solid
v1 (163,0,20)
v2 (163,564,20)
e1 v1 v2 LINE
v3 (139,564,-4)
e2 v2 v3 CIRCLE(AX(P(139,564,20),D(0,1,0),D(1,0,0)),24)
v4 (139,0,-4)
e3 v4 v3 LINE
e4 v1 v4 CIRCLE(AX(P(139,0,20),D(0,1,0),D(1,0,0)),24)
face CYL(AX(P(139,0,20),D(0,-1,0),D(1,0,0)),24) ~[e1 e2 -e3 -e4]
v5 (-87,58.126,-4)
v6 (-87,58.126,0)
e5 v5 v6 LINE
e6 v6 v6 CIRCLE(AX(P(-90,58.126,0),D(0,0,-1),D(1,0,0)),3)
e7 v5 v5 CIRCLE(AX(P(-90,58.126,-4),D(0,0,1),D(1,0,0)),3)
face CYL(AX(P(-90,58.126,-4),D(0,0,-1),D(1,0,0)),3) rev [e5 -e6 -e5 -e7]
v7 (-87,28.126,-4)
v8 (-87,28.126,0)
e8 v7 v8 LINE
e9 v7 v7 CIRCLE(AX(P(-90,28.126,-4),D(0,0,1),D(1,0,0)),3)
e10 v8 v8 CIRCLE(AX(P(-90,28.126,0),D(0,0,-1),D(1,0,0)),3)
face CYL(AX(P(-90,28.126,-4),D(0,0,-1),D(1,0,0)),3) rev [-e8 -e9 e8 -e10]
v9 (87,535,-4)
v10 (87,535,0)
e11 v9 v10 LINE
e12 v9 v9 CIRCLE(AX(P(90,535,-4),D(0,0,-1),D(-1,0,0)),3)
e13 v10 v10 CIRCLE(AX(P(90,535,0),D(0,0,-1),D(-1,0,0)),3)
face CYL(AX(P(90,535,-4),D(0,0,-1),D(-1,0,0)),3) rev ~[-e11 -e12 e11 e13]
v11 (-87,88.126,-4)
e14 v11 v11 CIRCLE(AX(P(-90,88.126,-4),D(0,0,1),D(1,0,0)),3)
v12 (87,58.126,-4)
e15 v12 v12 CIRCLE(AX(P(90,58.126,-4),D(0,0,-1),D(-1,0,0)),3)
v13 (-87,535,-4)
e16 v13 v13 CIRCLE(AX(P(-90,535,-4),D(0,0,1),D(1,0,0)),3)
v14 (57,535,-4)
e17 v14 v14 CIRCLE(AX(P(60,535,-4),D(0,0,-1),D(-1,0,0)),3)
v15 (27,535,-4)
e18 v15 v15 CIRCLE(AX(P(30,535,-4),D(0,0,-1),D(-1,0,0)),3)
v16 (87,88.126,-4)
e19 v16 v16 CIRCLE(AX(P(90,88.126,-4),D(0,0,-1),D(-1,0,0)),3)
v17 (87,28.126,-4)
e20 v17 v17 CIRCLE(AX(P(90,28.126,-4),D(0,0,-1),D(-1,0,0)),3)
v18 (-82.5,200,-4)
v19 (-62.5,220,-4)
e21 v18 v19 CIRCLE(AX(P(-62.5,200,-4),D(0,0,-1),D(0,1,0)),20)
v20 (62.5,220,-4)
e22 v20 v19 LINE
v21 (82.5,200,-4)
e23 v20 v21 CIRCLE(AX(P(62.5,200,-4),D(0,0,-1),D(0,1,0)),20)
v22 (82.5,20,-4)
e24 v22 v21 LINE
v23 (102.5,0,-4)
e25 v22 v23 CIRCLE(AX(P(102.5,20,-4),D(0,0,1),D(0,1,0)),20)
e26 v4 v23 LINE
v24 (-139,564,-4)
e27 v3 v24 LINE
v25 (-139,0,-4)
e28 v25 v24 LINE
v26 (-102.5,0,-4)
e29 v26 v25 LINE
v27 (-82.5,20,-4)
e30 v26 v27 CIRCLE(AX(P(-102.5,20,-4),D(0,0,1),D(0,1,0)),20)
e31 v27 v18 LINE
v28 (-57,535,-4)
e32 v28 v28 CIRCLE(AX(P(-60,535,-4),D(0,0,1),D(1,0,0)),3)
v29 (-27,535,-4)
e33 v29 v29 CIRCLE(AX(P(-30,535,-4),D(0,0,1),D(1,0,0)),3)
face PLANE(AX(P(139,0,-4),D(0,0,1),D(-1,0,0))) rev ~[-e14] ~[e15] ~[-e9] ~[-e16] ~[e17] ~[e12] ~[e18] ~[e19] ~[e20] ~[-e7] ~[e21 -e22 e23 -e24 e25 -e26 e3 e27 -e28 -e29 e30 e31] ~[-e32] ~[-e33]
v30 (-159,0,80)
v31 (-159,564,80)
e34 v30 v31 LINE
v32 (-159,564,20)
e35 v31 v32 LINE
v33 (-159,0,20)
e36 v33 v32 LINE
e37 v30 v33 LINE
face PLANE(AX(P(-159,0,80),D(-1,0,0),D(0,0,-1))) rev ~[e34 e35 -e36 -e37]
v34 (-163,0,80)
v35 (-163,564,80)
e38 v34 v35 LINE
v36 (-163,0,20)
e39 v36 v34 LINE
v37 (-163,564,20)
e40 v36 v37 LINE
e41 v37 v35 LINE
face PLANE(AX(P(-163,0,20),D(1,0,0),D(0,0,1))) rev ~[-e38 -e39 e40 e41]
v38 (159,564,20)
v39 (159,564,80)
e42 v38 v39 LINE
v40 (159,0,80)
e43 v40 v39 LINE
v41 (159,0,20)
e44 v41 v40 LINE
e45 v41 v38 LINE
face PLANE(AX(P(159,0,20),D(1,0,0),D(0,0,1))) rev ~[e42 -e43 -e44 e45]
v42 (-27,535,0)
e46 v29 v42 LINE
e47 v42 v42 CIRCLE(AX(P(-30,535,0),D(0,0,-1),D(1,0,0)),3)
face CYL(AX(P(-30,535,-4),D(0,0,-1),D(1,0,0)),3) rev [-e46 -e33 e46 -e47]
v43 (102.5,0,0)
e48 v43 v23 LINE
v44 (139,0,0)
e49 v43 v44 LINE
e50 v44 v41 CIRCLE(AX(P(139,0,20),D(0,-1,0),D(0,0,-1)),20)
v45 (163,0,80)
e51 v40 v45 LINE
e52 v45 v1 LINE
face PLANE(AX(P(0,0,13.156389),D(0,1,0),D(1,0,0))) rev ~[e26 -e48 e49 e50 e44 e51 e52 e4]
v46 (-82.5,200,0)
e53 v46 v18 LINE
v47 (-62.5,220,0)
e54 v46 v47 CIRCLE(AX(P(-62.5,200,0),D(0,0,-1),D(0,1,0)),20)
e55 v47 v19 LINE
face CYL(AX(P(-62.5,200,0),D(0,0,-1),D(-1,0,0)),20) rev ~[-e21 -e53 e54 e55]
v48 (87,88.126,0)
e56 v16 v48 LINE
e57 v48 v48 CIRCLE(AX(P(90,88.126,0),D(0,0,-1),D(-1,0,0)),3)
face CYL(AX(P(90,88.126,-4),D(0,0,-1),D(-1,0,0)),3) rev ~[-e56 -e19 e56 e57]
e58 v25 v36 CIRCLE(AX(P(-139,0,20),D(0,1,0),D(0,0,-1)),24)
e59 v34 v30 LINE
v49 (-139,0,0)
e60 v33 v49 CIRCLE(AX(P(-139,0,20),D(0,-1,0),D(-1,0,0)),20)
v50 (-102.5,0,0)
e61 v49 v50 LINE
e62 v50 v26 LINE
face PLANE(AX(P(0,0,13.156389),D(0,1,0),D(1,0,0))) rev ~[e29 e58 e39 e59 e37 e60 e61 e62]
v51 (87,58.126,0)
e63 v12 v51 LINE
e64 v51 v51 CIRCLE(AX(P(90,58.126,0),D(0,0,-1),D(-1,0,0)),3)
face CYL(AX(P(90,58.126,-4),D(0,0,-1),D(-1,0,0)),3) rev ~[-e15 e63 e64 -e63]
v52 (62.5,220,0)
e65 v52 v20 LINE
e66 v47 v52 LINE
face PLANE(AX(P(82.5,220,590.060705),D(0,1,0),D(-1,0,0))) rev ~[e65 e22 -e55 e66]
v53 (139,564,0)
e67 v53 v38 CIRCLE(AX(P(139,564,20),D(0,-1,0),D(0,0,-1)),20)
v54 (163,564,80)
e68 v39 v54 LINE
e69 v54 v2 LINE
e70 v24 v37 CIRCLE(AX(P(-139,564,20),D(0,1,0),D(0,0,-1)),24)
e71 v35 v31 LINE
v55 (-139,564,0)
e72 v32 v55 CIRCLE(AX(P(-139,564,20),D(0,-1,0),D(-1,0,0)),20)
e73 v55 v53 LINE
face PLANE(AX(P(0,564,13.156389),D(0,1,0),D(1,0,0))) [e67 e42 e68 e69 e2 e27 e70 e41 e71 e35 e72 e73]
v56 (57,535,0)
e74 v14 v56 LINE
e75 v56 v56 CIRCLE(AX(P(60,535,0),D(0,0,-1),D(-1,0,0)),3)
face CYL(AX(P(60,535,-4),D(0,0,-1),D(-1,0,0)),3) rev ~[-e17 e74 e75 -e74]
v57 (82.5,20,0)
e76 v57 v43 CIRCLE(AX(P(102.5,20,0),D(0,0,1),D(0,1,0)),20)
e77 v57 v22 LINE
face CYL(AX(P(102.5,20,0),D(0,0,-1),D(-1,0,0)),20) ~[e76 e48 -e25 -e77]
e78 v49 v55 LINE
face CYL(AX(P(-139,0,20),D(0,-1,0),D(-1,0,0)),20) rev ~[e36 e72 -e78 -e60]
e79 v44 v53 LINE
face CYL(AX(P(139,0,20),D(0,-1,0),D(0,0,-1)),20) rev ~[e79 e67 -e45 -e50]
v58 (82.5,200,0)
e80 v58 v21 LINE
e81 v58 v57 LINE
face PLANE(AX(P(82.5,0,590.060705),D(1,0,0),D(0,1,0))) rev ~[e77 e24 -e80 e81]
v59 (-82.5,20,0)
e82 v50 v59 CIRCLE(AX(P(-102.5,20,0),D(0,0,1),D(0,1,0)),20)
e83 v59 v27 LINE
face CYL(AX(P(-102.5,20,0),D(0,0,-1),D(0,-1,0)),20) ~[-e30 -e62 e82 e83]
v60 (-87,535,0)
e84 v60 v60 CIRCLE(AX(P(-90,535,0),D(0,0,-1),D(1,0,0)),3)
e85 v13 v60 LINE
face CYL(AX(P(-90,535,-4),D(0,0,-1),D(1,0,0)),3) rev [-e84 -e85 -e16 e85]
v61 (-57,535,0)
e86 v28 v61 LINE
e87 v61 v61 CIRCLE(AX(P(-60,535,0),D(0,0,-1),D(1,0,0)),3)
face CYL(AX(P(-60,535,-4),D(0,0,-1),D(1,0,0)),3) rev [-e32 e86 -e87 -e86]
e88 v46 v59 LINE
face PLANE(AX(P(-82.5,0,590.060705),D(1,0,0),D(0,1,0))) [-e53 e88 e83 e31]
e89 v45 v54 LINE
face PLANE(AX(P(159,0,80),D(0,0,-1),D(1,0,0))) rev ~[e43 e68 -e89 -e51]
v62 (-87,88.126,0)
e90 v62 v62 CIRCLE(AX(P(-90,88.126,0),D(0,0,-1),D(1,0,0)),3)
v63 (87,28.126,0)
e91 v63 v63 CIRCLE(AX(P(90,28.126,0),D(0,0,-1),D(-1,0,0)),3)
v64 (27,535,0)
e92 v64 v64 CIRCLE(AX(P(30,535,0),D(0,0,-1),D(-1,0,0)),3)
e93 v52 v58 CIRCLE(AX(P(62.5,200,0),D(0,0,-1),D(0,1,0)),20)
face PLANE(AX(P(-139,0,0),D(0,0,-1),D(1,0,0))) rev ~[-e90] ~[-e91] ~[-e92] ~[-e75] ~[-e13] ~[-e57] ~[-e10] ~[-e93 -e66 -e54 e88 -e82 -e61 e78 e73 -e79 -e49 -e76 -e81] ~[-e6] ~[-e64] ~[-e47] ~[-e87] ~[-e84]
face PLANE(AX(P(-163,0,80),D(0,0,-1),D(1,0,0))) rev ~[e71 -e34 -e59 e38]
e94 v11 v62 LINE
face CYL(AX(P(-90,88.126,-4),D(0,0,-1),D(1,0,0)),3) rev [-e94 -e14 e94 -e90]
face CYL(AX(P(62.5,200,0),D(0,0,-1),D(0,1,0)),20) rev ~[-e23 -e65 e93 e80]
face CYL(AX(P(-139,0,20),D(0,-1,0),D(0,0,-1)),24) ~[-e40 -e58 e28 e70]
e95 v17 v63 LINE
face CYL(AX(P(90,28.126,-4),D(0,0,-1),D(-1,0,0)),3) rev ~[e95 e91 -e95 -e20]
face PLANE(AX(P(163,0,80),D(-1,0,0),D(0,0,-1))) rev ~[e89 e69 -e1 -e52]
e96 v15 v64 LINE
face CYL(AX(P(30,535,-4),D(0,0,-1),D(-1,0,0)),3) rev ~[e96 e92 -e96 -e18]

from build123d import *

# Parameters (mm, degrees)
EXTRUDE_THIN1_DEPTH     = 564
CUT_EXTRUDE2_DEPTH      = 594.060705156
CUT_EXTRUDE2_DEPTH_BACK = 594.060705156
SKETCH3_W               = 165
SKETCH3_H               = 220
FILLET1_R               = 20
SKETCH4_R               = 3
CUT_EXTRUDE3_DEPTH      = 594.060705156


with BuildPart() as part:
    # Sketch1 → Extrude-Thin1 (new body)
    with BuildSketch(Plane(origin=(0, 0, 0), x_dir=(1, 0, 0), z_dir=(0, 1, 0))):
        with BuildLine():
            Line((-159, -80), (-159, -20))
            ThreePointArc((-159, -20), (-153.142135624, -5.857864376), (-139, 0))
            Line((-139, 0), (139, 0))
            ThreePointArc((139, 0), (153.142135624, -5.857864376), (159, -20))
            Line((159, -20), (159, -80))
            Line((159, -80), (163, -80))
            Line((163, -80), (163, -20))
            ThreePointArc((163, -20), (155.970562748, -3.029437252), (139, 4))
            Line((139, 4), (-139, 4))
            ThreePointArc((-139, 4), (-155.970562748, -3.029437252), (-163, -20))
            Line((-163, -20), (-163, -80))
            Line((-163, -80), (-159, -80))
        make_face()
    extrude(amount=EXTRUDE_THIN1_DEPTH)

    # Sketch3 → Cut-Extrude2 (cut, two sides: drawn at the far end of the back side and taken through both)
    with BuildSketch(Plane(origin=(0, 0, -4), x_dir=(-1, 0, 0), z_dir=(0, 0, -1)).offset(-CUT_EXTRUDE2_DEPTH_BACK)):
        with Locations((0, 110)):
            Rectangle(SKETCH3_W, SKETCH3_H)
    extrude(amount=CUT_EXTRUDE2_DEPTH + CUT_EXTRUDE2_DEPTH_BACK, mode=Mode.SUBTRACT)

    # Fillet1
    fillet1_edges = [part.edges().sort_by_distance(p)[0] for p in [
        (-82.5, 0, -2),
        (82.5, 0, -2),
        (82.5, 220, -2),
        (-82.5, 220, -2),
    ]]
    fillet(fillet1_edges, radius=FILLET1_R)

    # Sketch4 → Cut-Extrude3 (cut, through all)
    with BuildSketch(Plane(origin=(0, 0, -4), x_dir=(-1, 0, 0), z_dir=(0, 0, -1))):
        with Locations((-90, 535)):
            Circle(SKETCH4_R)
        with Locations((-60, 535)):
            Circle(SKETCH4_R)
        with Locations((-30, 535)):
            Circle(SKETCH4_R)
        with Locations((-90, 88.126)):
            Circle(SKETCH4_R)
        with Locations((-90, 58.126)):
            Circle(SKETCH4_R)
        with Locations((-90, 28.126)):
            Circle(SKETCH4_R)
    cut_extrude3 = extrude(amount=-CUT_EXTRUDE3_DEPTH, mode=Mode.SUBTRACT)

    # Mirror1: Cut-Extrude3 across plane
    add(cut_extrude3.mirror(Plane(origin=(0, 0, 0), x_dir=(0, 0, 1), z_dir=(1, 0, 0))), mode=Mode.SUBTRACT)


solid = part.part
